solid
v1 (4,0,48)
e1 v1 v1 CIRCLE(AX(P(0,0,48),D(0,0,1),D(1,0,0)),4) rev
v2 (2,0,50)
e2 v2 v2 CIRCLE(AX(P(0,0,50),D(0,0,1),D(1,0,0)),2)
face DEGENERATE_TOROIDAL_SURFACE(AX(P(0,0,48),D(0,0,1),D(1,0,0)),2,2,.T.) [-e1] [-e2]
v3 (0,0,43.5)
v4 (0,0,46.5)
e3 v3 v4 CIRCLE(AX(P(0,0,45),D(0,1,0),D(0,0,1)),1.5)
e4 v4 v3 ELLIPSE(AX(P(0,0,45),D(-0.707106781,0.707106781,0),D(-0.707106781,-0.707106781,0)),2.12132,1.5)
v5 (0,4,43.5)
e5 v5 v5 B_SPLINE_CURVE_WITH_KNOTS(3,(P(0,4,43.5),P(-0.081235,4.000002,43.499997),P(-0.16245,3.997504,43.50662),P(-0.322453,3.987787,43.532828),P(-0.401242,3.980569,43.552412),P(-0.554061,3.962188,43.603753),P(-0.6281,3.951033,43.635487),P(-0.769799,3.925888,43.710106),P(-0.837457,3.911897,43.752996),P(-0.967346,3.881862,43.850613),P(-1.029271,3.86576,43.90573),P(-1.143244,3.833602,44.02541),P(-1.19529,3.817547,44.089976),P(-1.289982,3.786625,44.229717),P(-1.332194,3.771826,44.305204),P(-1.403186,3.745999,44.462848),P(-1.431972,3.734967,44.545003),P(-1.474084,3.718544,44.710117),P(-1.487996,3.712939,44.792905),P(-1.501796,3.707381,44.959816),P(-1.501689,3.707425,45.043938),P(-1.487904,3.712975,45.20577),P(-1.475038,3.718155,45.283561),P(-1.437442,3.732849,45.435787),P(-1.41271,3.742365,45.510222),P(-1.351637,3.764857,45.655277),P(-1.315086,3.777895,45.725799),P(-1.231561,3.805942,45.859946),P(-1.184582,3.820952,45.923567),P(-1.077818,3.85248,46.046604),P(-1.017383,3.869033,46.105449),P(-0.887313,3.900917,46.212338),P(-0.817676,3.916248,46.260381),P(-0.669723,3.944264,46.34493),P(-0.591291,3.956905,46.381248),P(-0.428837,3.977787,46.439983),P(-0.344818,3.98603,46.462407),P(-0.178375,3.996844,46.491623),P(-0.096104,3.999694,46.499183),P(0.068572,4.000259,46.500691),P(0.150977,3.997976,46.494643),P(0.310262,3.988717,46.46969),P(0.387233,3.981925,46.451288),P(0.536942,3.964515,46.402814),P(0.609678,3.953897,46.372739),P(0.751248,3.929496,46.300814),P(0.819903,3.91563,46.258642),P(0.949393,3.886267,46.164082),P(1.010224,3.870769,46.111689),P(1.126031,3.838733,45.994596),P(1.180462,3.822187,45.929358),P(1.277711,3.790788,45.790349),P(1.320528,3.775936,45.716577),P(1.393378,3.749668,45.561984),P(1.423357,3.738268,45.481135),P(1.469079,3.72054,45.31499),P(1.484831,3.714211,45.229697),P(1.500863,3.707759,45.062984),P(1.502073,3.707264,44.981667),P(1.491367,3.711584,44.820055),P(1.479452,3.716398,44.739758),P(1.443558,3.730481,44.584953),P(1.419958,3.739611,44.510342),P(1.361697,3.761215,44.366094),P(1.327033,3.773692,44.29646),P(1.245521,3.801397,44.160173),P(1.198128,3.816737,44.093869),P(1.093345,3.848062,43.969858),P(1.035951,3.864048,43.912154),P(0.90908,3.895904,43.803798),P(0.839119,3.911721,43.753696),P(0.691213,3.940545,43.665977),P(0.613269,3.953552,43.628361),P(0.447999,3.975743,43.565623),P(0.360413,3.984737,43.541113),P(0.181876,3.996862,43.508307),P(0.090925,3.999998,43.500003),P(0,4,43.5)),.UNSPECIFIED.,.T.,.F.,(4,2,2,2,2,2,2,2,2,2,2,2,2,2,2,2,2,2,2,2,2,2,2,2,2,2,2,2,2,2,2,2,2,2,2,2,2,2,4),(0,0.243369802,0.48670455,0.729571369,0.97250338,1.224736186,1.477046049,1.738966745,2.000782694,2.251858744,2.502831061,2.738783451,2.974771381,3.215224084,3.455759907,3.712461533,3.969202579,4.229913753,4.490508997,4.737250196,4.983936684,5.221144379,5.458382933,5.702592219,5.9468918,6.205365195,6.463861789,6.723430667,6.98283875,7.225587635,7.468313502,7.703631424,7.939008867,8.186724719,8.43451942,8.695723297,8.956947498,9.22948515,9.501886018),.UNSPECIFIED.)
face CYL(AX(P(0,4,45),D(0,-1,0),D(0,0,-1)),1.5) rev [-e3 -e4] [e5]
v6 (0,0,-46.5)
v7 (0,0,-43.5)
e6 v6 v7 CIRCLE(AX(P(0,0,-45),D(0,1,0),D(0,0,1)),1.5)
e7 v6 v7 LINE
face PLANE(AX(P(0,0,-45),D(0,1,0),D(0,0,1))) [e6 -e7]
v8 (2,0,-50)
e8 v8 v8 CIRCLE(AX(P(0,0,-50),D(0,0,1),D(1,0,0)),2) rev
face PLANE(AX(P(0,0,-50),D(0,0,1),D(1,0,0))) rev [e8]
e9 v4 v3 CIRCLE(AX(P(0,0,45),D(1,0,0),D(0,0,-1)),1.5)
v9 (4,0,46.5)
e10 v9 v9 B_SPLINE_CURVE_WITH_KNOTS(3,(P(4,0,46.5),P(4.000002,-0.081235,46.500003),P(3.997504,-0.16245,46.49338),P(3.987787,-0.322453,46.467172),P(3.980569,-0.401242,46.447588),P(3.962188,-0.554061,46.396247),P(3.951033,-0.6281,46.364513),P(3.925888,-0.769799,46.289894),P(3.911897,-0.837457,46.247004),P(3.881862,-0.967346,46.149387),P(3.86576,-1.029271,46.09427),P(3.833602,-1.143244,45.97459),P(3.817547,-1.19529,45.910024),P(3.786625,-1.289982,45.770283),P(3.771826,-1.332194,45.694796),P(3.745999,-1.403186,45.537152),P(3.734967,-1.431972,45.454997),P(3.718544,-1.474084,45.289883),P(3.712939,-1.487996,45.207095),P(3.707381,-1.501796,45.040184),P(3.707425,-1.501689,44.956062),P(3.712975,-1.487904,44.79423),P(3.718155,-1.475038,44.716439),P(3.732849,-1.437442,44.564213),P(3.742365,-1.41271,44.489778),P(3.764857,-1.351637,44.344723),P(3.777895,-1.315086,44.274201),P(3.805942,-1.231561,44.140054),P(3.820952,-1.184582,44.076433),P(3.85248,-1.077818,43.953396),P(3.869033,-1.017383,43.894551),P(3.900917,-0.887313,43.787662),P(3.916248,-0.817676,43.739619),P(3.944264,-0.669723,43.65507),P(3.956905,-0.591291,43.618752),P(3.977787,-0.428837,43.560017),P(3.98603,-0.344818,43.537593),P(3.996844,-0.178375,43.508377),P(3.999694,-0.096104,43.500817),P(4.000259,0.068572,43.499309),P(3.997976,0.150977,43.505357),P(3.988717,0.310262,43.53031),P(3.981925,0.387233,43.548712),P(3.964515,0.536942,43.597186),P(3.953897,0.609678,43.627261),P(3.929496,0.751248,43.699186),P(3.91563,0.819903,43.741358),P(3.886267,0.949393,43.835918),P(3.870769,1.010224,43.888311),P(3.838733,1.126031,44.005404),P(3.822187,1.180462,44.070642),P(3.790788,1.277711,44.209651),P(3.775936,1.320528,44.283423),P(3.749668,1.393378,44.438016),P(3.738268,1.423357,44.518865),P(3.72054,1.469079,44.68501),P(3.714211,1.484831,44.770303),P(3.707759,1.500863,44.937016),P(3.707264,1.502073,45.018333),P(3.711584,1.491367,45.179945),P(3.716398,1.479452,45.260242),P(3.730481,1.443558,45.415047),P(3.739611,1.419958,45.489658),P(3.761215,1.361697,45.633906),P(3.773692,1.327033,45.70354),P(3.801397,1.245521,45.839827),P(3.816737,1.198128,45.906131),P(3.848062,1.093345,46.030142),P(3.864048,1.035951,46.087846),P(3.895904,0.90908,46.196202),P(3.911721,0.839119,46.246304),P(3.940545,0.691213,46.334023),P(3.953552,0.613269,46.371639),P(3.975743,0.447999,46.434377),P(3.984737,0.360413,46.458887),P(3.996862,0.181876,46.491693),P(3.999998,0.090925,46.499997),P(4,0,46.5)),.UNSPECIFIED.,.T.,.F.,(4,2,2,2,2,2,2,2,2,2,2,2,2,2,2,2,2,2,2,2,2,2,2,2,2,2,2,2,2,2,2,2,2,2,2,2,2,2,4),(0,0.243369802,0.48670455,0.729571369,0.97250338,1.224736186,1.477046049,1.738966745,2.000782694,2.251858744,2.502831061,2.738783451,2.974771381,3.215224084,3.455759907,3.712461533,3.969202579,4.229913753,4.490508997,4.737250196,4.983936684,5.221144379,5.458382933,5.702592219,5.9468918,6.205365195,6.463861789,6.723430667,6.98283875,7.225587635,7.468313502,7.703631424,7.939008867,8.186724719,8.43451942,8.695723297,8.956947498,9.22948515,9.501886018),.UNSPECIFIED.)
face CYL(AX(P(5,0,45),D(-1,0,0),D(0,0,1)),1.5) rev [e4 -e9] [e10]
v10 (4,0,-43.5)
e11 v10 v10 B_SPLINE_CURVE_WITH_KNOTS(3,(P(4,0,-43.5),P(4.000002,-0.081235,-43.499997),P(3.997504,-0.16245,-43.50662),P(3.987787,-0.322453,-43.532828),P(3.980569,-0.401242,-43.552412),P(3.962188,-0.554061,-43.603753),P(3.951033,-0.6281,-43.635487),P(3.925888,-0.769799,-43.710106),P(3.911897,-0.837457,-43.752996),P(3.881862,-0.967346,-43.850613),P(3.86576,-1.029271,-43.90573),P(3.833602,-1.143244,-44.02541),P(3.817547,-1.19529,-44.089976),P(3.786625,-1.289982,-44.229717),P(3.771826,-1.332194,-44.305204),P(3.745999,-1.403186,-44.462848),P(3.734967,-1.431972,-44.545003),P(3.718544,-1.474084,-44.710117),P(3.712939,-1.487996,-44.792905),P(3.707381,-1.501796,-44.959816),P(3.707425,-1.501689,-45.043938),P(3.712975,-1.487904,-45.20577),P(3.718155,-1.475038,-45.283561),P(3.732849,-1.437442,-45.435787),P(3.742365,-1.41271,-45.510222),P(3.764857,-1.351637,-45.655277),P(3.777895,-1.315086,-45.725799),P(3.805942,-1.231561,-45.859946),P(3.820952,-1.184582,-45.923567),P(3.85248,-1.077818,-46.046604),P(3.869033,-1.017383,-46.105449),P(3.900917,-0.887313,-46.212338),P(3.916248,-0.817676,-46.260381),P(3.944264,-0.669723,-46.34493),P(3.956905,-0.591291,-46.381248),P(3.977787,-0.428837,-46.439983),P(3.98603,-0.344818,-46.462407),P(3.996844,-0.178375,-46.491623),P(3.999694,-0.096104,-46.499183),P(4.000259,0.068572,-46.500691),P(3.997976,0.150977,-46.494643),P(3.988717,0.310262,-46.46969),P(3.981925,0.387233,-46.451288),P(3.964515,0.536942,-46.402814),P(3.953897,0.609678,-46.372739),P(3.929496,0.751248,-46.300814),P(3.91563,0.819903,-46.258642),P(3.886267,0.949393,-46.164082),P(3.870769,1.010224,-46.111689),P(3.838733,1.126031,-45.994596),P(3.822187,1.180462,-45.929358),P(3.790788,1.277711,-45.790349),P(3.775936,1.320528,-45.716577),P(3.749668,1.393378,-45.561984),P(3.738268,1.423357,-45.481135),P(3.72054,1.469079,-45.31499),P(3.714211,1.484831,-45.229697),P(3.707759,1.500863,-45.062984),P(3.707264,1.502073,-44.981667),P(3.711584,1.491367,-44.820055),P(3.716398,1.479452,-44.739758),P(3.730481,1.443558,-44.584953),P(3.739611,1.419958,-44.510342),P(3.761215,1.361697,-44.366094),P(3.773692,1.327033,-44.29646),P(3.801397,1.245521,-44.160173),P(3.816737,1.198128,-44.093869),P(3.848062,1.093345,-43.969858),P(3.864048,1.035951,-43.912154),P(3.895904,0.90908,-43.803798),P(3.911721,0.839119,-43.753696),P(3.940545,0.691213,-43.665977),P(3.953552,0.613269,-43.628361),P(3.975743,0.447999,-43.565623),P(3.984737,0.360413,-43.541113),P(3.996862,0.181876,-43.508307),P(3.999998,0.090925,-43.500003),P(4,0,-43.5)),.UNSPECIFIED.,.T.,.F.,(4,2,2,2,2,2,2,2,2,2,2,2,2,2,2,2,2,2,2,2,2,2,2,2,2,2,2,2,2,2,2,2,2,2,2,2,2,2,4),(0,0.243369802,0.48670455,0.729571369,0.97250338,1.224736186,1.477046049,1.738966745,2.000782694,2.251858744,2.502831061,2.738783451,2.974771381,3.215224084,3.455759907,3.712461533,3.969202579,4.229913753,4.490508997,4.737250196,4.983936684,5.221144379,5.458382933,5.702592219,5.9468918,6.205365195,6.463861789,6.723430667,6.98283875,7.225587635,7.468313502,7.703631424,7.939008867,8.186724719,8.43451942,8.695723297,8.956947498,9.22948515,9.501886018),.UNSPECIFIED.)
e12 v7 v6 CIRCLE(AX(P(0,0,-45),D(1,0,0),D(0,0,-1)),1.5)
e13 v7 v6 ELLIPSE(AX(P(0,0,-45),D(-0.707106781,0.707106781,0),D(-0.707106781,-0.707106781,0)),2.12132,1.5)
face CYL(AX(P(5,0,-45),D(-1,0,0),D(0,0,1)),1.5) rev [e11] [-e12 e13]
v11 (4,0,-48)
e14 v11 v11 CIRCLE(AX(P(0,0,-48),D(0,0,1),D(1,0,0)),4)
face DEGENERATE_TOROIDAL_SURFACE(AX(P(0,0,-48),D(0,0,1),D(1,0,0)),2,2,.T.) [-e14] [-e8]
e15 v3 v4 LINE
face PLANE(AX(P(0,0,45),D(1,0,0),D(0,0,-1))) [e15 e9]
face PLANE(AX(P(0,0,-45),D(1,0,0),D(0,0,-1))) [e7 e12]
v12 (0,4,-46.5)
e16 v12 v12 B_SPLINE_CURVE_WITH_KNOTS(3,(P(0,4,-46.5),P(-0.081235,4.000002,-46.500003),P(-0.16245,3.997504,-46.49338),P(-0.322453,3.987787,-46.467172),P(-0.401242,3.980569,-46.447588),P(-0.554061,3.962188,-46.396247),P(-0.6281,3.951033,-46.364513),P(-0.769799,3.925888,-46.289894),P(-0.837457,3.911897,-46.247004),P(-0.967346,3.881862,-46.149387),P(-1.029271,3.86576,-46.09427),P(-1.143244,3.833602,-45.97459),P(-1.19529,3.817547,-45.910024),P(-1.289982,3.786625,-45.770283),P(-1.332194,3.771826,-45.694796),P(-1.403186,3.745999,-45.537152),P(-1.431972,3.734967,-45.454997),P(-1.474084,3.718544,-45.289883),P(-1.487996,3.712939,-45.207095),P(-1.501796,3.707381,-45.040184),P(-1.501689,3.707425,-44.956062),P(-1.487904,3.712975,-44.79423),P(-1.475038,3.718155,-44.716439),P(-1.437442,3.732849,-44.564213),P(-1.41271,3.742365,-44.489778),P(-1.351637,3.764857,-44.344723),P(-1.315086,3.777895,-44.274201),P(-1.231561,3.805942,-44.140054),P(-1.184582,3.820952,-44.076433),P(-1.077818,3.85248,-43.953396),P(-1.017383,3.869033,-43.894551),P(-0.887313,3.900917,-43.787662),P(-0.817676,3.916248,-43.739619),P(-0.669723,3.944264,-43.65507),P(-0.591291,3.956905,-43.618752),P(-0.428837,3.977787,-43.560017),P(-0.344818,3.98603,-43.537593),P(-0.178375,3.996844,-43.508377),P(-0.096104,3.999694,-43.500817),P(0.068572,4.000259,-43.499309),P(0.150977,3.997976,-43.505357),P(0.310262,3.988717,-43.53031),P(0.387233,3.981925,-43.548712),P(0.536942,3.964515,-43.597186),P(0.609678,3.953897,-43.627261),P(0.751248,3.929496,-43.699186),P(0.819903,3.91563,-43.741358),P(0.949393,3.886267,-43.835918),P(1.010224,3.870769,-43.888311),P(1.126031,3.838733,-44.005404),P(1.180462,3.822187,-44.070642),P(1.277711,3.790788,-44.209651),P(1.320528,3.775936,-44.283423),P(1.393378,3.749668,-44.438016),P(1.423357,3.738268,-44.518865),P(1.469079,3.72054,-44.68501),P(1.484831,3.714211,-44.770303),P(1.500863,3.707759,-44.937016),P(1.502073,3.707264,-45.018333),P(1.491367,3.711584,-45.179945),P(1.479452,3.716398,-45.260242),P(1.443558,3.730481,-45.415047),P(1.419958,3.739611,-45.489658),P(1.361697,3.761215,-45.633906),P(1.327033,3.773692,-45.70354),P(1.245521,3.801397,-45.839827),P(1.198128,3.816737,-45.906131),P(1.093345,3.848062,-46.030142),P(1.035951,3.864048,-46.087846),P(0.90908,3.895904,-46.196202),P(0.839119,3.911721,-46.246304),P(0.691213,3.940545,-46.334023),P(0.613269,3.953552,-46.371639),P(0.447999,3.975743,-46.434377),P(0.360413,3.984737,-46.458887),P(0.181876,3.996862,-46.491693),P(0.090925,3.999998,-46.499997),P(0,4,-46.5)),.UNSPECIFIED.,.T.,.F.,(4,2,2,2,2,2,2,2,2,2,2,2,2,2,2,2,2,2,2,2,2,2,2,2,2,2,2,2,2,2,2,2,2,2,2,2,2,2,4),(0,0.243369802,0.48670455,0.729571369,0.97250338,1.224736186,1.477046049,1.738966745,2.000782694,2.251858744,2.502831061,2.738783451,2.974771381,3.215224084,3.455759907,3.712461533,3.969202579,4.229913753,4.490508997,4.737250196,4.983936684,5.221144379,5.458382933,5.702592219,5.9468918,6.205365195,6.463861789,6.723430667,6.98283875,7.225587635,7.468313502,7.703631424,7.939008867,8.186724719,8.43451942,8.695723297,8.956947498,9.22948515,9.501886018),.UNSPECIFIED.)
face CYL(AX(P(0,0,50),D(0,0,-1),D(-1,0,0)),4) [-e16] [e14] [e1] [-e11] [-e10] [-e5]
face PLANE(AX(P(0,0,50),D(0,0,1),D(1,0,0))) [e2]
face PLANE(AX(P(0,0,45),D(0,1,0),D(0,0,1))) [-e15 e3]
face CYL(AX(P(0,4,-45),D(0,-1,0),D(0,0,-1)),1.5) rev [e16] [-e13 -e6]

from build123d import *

# Parameters (mm, degrees)
SKETCH1_R           = 4
BOSS_EXTRUDE1_DEPTH = 50
SKETCH2_R           = 1.5
CUT_EXTRUDE1_DEPTH  = 5
FILLET1_R           = 2
SKETCH3_R           = 1.5
CUT_EXTRUDE2_DEPTH  = 4


with BuildPart() as part:
    # Sketch1 → Boss-Extrude1 (new, symmetric)
    with BuildSketch(Plane.XY):
        Circle(SKETCH1_R)
    extrude(amount=BOSS_EXTRUDE1_DEPTH, both=True)

    # Sketch2 → Cut-Extrude1 (cut)
    with BuildSketch(Plane(origin=(0, 0, 0), x_dir=(0, 0, -1), z_dir=(1, 0, 0))):
        with Locations((-45, 0)):
            Circle(SKETCH2_R)
        with Locations((45, 0)):
            Circle(SKETCH2_R)
    extrude(amount=CUT_EXTRUDE1_DEPTH, mode=Mode.SUBTRACT)

    # Fillet1
    fillet1_edges = [part.edges().sort_by_distance(p)[0] for p in [
        (-4, 0, -50),
        (-4, 0, 50),
    ]]
    fillet(fillet1_edges, radius=FILLET1_R)

    # Sketch3 → Cut-Extrude2 (cut)
    with BuildSketch(Plane(origin=(0, 0, 0), x_dir=(1, 0, 0), z_dir=(0, 1, 0))):
        with Locations(Location((0, 45, 0), (0, 0, 90))):
            Circle(SKETCH3_R)
        with Locations(Location((0, -45, 0), (0, 0, 90))):
            Circle(SKETCH3_R)
    extrude(amount=CUT_EXTRUDE2_DEPTH, mode=Mode.SUBTRACT)


solid = part.part
